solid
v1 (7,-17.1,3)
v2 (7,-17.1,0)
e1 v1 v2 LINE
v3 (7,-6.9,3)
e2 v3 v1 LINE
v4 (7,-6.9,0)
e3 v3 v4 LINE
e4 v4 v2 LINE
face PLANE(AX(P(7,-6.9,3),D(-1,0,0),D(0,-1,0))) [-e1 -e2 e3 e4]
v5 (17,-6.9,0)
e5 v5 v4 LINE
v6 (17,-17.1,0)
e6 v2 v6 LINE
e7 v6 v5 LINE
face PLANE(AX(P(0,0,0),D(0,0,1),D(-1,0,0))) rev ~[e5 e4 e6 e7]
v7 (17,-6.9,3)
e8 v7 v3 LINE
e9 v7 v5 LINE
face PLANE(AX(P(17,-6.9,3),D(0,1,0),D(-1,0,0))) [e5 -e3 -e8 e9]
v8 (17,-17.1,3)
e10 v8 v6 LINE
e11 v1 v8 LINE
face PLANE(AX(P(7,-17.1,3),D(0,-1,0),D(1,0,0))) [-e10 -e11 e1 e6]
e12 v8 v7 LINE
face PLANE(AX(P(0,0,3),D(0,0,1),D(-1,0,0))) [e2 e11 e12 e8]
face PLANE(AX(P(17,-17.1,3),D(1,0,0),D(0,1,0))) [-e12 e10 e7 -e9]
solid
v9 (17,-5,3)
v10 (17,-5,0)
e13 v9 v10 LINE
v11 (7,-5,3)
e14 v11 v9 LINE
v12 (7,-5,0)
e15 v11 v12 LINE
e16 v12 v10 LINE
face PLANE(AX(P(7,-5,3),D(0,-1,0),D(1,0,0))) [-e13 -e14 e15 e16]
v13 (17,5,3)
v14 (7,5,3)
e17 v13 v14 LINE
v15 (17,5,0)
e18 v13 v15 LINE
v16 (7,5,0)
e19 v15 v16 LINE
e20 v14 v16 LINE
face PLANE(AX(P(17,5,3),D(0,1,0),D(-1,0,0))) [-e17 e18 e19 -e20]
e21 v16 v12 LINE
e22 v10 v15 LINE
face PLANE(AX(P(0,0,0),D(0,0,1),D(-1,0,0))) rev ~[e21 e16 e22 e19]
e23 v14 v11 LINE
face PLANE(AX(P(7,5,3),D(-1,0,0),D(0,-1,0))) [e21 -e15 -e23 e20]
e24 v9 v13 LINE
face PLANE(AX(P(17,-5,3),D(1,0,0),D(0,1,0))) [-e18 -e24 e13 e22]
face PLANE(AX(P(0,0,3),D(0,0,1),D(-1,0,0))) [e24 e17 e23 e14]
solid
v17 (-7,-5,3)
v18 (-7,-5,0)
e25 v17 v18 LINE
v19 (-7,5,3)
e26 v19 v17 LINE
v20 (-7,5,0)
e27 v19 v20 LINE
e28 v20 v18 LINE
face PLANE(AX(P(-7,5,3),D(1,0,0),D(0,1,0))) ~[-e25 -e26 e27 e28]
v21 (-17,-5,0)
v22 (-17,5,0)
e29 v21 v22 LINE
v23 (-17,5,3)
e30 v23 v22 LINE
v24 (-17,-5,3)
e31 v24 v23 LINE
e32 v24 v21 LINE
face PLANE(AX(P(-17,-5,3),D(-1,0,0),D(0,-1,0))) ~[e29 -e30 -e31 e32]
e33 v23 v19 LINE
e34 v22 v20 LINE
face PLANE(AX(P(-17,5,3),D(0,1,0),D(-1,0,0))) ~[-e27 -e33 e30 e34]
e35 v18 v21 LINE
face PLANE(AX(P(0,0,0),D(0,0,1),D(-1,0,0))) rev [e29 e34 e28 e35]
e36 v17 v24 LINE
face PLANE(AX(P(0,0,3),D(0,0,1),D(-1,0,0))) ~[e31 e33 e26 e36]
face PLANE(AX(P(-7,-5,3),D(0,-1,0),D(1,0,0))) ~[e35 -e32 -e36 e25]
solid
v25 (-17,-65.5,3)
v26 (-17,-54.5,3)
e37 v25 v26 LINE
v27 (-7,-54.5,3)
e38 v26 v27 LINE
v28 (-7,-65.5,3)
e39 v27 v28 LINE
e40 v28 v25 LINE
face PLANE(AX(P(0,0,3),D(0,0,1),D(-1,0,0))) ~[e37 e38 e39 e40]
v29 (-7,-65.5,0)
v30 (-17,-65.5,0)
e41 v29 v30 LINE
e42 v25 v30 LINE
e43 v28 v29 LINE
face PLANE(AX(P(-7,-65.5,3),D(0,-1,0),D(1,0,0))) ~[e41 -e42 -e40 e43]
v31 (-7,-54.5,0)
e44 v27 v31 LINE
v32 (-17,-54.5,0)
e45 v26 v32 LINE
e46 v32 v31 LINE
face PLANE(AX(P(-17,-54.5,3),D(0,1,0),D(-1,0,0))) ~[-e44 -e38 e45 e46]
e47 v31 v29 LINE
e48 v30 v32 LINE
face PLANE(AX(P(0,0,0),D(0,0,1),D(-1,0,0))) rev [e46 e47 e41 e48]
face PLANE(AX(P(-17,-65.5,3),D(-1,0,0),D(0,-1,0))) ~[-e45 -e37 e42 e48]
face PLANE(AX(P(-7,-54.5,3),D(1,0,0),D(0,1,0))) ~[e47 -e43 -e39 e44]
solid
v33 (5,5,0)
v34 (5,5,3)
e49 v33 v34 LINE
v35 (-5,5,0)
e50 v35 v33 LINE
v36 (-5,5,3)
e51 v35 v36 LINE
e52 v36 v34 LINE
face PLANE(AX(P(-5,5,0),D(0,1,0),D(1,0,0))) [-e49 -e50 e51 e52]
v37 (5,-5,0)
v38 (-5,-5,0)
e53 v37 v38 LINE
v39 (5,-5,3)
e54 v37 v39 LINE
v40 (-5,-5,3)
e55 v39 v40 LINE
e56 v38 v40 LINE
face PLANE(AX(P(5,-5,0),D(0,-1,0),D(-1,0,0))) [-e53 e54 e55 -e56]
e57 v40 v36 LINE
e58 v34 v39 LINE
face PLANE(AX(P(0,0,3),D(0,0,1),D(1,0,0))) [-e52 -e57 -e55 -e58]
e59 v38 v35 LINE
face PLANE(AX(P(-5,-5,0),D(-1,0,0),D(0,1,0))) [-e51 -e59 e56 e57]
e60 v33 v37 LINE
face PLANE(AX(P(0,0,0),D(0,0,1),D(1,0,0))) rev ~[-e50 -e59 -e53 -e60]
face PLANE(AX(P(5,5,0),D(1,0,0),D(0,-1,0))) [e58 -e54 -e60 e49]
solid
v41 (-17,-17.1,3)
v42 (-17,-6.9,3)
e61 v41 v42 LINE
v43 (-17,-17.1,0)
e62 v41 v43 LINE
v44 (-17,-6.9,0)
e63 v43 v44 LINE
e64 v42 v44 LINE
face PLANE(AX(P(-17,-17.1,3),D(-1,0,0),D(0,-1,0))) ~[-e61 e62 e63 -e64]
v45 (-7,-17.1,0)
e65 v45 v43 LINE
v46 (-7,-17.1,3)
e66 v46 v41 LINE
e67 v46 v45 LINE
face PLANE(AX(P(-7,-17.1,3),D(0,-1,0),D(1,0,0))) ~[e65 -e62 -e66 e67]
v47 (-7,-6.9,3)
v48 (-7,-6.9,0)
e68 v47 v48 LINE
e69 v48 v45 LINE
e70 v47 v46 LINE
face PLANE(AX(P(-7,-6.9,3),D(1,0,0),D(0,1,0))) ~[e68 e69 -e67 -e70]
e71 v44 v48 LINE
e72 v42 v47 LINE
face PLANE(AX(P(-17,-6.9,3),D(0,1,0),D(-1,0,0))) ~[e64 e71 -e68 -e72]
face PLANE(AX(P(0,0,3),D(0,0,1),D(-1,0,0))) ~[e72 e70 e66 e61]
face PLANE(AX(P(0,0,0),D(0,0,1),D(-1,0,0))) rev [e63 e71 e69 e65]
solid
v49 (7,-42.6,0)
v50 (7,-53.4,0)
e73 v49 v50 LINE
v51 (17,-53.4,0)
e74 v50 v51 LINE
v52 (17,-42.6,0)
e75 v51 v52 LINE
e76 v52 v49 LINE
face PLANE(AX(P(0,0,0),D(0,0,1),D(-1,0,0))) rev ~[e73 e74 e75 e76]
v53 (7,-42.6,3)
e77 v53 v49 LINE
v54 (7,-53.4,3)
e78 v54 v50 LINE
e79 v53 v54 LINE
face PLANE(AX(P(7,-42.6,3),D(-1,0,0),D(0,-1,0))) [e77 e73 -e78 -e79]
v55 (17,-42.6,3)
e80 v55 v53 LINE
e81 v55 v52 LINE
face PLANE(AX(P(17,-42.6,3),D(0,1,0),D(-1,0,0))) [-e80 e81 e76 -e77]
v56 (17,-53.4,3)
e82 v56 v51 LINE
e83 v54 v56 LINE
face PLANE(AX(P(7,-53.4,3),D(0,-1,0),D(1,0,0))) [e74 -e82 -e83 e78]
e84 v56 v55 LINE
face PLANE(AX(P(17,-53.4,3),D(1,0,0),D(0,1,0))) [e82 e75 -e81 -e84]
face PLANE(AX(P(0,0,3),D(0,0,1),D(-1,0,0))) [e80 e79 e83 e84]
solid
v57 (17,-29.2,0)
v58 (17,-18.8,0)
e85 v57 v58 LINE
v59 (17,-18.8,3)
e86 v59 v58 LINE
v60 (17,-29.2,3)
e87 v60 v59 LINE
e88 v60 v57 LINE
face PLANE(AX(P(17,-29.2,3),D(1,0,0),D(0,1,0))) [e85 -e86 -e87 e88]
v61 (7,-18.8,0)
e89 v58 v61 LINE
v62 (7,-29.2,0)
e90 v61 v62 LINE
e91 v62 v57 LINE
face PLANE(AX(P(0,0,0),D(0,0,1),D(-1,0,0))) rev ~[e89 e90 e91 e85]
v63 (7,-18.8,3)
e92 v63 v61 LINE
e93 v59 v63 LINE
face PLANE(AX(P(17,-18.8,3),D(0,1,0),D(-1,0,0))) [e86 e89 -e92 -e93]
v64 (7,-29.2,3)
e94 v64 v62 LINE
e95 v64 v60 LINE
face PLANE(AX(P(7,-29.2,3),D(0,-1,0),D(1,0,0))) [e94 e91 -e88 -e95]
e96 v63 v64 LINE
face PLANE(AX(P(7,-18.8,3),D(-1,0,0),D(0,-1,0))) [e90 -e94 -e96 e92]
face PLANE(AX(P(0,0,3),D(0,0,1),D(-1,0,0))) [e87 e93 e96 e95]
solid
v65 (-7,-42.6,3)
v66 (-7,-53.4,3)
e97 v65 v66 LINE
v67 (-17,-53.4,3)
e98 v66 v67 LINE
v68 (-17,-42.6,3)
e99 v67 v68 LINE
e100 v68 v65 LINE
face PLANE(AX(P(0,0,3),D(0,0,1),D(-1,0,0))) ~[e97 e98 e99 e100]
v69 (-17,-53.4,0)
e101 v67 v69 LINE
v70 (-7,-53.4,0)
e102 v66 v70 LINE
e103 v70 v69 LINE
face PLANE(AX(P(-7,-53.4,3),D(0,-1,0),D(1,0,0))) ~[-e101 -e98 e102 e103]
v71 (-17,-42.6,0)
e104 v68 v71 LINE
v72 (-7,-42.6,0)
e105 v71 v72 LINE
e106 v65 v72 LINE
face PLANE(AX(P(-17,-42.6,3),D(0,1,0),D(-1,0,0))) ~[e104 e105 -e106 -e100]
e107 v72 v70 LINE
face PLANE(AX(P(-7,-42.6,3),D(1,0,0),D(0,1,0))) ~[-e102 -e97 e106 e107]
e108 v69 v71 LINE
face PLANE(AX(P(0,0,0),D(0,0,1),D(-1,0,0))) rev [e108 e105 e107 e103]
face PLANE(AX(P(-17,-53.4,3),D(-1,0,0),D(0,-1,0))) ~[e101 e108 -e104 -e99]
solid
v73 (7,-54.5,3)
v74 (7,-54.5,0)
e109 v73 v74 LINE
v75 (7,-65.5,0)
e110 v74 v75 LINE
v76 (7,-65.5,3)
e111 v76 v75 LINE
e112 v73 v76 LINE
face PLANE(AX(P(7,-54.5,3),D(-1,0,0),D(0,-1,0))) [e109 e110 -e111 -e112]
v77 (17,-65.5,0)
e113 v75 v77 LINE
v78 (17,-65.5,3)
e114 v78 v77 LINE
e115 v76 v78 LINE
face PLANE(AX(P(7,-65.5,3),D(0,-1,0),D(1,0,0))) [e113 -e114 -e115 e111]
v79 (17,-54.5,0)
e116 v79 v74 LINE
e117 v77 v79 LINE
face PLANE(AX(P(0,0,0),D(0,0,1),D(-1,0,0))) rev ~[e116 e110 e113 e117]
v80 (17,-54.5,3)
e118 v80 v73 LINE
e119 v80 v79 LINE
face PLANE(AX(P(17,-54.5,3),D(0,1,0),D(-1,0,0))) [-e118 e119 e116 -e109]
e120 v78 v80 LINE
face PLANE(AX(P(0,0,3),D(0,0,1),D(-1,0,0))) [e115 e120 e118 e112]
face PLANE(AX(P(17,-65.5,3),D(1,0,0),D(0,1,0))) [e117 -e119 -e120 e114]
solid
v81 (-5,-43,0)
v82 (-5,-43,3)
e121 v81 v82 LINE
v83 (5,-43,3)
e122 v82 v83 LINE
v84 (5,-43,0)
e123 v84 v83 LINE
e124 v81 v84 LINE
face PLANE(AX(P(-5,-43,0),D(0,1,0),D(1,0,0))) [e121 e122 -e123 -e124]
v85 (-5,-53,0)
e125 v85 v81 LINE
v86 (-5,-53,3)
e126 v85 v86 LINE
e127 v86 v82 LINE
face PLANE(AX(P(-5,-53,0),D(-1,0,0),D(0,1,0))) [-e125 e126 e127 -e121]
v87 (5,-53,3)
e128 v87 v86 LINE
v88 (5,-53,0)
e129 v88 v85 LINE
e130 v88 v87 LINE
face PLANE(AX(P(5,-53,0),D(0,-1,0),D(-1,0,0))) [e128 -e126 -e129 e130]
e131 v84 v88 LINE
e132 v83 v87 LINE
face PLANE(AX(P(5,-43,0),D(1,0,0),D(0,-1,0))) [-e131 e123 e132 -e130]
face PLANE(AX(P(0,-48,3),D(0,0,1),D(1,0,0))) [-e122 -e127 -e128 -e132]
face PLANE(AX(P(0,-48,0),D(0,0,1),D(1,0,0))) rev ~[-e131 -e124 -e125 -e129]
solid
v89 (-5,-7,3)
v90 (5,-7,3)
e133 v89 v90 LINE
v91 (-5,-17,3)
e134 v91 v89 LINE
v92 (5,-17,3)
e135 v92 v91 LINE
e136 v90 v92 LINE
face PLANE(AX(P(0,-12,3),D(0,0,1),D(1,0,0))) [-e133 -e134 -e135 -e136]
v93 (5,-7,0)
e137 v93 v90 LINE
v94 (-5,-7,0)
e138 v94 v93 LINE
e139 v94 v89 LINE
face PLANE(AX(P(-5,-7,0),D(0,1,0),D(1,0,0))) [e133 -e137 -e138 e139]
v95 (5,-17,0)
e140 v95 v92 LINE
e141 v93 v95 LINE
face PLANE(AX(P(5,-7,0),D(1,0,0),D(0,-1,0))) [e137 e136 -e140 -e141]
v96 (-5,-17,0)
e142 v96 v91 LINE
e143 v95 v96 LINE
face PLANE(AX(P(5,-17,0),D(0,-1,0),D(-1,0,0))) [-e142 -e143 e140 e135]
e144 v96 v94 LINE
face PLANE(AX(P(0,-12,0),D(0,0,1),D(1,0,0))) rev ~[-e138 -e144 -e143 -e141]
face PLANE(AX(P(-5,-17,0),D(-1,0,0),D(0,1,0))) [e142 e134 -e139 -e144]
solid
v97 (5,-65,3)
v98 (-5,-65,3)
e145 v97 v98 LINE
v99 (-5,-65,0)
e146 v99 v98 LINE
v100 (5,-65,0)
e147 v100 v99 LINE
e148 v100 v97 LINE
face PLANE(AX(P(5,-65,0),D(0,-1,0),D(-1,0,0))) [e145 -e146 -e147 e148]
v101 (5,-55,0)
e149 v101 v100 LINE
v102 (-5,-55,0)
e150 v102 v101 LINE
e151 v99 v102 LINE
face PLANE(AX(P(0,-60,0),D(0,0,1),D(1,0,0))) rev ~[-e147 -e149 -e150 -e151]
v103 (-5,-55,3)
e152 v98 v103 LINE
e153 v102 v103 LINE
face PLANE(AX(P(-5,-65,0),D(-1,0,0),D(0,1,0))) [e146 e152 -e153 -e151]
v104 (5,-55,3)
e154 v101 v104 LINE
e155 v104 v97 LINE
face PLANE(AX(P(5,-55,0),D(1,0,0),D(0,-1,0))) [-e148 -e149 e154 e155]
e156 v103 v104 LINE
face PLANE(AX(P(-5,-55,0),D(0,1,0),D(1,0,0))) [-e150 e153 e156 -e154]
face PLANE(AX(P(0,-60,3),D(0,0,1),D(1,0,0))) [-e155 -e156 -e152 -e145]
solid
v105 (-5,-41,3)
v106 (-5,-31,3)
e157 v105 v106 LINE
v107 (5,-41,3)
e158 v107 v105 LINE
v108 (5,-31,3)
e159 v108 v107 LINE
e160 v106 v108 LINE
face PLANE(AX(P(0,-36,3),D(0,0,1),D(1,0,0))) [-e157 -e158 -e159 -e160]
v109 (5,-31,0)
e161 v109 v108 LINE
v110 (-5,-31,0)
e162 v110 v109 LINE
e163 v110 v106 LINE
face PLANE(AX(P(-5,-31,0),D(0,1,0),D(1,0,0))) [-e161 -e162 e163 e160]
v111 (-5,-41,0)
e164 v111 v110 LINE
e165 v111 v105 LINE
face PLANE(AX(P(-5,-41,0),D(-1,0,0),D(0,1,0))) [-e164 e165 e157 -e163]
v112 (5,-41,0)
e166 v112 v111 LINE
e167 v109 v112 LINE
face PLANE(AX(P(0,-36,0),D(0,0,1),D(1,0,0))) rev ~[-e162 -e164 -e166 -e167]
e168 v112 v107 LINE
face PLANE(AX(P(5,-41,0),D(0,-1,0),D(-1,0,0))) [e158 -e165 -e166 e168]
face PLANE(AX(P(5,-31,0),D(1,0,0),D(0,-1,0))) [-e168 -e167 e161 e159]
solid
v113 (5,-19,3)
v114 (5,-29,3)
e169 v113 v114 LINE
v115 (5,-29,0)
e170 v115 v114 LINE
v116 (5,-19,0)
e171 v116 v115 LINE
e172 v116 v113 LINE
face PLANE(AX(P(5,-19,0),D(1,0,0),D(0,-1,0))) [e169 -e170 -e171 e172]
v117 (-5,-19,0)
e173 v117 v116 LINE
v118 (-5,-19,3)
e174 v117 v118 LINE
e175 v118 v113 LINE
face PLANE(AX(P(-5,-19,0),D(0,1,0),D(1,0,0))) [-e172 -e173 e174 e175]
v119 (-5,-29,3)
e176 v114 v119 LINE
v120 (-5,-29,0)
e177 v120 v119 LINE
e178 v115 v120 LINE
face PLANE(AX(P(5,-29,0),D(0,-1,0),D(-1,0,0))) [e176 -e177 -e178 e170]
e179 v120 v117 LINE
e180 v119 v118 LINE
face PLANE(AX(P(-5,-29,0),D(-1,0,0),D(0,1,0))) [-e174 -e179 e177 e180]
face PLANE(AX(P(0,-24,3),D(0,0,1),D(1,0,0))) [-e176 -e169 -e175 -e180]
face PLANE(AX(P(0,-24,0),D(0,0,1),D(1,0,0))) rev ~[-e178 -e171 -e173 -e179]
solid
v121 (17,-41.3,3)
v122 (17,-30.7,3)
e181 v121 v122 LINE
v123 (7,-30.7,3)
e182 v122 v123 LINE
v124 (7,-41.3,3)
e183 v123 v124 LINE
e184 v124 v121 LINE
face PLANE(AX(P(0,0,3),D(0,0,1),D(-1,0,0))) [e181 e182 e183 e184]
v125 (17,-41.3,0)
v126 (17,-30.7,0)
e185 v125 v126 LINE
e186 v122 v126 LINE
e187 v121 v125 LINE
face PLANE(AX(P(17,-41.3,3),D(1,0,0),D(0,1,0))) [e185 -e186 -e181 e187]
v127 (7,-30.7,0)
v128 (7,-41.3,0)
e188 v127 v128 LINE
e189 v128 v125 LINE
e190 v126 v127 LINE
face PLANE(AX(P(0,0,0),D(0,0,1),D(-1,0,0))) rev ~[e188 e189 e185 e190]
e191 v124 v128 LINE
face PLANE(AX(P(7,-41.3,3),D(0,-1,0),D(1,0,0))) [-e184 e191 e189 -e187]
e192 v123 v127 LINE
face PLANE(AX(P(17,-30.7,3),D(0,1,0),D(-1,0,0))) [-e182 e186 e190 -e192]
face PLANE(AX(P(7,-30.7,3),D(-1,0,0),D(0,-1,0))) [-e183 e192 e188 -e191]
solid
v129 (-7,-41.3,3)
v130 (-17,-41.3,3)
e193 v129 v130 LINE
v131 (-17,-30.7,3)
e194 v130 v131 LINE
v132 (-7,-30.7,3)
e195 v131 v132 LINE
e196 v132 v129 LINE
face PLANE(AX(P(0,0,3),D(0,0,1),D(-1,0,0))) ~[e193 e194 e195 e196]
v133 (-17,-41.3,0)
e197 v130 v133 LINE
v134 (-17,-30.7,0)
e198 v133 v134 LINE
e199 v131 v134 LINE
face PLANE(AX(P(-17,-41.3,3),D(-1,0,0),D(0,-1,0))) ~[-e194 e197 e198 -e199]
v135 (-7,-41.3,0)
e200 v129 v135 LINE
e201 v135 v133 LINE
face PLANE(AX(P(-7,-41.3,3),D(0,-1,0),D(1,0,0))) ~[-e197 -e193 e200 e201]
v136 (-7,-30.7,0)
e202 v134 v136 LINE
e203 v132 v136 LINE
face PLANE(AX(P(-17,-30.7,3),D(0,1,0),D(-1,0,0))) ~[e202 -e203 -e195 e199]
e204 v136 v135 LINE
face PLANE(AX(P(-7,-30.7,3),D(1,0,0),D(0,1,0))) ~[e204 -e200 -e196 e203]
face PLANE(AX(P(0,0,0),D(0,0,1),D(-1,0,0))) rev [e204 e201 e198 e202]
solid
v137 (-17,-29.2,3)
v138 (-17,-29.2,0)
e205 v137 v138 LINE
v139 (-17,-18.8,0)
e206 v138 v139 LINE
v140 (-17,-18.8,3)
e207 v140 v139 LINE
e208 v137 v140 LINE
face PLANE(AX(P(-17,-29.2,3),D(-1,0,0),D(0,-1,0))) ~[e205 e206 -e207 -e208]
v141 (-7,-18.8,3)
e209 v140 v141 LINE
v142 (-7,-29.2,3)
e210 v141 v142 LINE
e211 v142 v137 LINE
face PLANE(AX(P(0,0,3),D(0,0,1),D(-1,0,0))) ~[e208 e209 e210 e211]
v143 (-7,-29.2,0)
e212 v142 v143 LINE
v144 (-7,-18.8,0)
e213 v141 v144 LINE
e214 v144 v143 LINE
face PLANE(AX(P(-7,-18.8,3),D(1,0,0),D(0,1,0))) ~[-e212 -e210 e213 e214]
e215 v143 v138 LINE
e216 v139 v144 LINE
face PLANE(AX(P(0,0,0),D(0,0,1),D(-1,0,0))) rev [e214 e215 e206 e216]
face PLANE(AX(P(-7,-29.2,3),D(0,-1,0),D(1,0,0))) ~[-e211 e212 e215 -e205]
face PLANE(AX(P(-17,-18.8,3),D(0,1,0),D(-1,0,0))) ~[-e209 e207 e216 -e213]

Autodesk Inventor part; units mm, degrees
ref_plane "YZ Plane" through (0, 0, 0) normal (1, 0, 0) x (0, 1, 0)
ref_plane "XZ Plane" through (0, 0, 0) normal (0, 1, 0) x (-1, 0, 0)
ref_plane "XY Plane" through (0, 0, 0) normal (0, 0, 1) x (1, 0, 0)
sketch "Sketch1" plane through (0, 0, 0) normal (0, 0, 1) x (1, 0, 0)
  line L0 (5, -5) -> (-5, -5)
  line L1 (-5, -5) -> (-5, 5)
  line L2 (-5, 5) -> (5, 5)
  line L3 (5, 5) -> (5, -5)
  line L4 (5, -5) -> (-5, 5) construction
  line L5 (-5, -5) -> (5, 5) construction
  point P0 (0, 0)
  dimension "d0" = 10
  dimension "d2" = 10
extrude "Extrusion1" add sketch "Sketch1" along normal blind 3
pattern_linear "Rectangular Pattern1" count 6 spacing 12 along (0, -1, 0) of "Extrusion1"
sketch "Sketch2" plane through (0, 0, 3) normal (0, 0, 1) x (-1, 0, 0)
  line L0 (-17, -5) -> (-7, -5)
  line L1 (-7, -5) -> (-7, 5)
  line L2 (-7, 5) -> (-17, 5)
  line L3 (-17, 5) -> (-17, -5)
  line L4 (-17, -5) -> (-7, 5) construction
  line L5 (-7, -5) -> (-17, 5) construction
  line L6 (5, 17) -> (-5, 17) construction
  line L7 (-5, 17) -> (-5, 7) construction
  line L8 (-5, 7) -> (5, 7) construction
  line L9 (5, 7) -> (5, 17) construction
  line L10 (5, 29) -> (-5, 29) construction
  line L11 (-5, 29) -> (-5, 19) construction
  line L12 (-5, 19) -> (5, 19) construction
  line L13 (5, 19) -> (5, 29) construction
  line L14 (5, 41) -> (-5, 41) construction
  line L15 (-5, 41) -> (-5, 31) construction
  line L16 (-5, 31) -> (5, 31) construction
  line L17 (5, 31) -> (5, 41) construction
  line L18 (5, 53) -> (-5, 53) construction
  line L19 (-5, 53) -> (-5, 43) construction
  line L20 (-5, 43) -> (5, 43) construction
  line L21 (5, 43) -> (5, 53) construction
  line L22 (5, 65) -> (-5, 65) construction
  line L23 (-5, 65) -> (-5, 55) construction
  line L24 (-5, 55) -> (5, 55) construction
  line L25 (5, 55) -> (5, 65) construction
  line L26 (-7, 17.1) -> (-17, 17.1)
  line L27 (-17, 17.1) -> (-17, 6.9)
  line L28 (-17, 6.9) -> (-7, 6.9)
  line L29 (-7, 6.9) -> (-7, 17.1)
  line L30 (-7, 17.1) -> (-17, 6.9) construction
  line L31 (-17, 17.1) -> (-7, 6.9) construction
  line L32 (-7, 29.2) -> (-17, 29.2)
  line L33 (-17, 29.2) -> (-17, 18.8)
  line L34 (-17, 18.8) -> (-7, 18.8)
  line L35 (-7, 18.8) -> (-7, 29.2)
  line L36 (-7, 29.2) -> (-17, 18.8) construction
  line L37 (-17, 29.2) -> (-7, 18.8) construction
  line L38 (-7, 41.3) -> (-17, 41.3)
  line L39 (-17, 41.3) -> (-17, 30.7)
  line L40 (-17, 30.7) -> (-7, 30.7)
  line L41 (-7, 30.7) -> (-7, 41.3)
  line L42 (-7, 41.3) -> (-17, 30.7) construction
  line L43 (-17, 41.3) -> (-7, 30.7) construction
  line L44 (-7, 53.4) -> (-17, 53.4)
  line L45 (-17, 53.4) -> (-17, 42.6)
  line L46 (-17, 42.6) -> (-7, 42.6)
  line L47 (-7, 42.6) -> (-7, 53.4)
  line L48 (-7, 53.4) -> (-17, 42.6) construction
  line L49 (-17, 53.4) -> (-7, 42.6) construction
  line L50 (-7, 65.5) -> (-17, 65.5)
  line L51 (-17, 65.5) -> (-17, 54.5)
  line L52 (-17, 54.5) -> (-7, 54.5)
  line L53 (-7, 54.5) -> (-7, 65.5)
  line L54 (-7, 65.5) -> (-17, 54.5) construction
  line L55 (-17, 65.5) -> (-7, 54.5) construction
  line L56 (-5, 12) -> (4.1191, 12) construction
  line L57 (-5, 24) -> (3.6782, 24) construction
  line L58 (-5, 36) -> (3.6782, 36) construction
  line L59 (-5, 48) -> (0, 48) construction
  line L60 (-5, 60) -> (2.1339, 60) construction
  point P0 (0, 0)
  point P1 (-12, 0)
  dimension "d8" = 12
  dimension "d10" = 10
  dimension "d11" = 10
  dimension "d12" = 10.2
  dimension "d13" = 5.1
  dimension "d14" = 10.4
  dimension "d15" = 5.2
  dimension "d16" = 5.3
  dimension "d17" = 5.4
  dimension "d18" = 10.6
  dimension "d19" = 10.8
  dimension "d20" = 11
  dimension "d21" = 5.5
extrude "Extrusion2" add sketch "Sketch2" against normal blind 3
ref_plane "Work Plane1" through (0, -5, 0) normal (1, 0, 0) x (0, 1, 0)
mirror "Mirror1" about plane through (0, -5, 0) normal (1, 0, 0) of "Extrusion2"
sketch "Sketch3" plane through (-17, 5, 3) normal (0, 0, 1) x (1, 0, 0)
  line L0 (0, 0) -> (10, 0) projected
  line L1 (0, -10) -> (0, 0) projected
  line L2 (10, -10) -> (0, -10) projected
  line L3 (10, 0) -> (10, -10) projected
  line L4 (10, -70.5) -> (0, -70.5) projected
  line L5 (10, -59.5) -> (10, -70.5) projected
  line L6 (0, -59.5) -> (10, -59.5) projected
  line L7 (0, -70.5) -> (0, -59.5) projected
  line L8 (0, 0) -> (10, 0)
  line L9 (10, 0) -> (10, -70.5)
  line L10 (10, -70.5) -> (0, -70.5)
  line L11 (0, -70.5) -> (0, 0)
  point P0 (17, -5)
extrude "Extrusion3" [suppressed]
sketch "Sketch4" plane through (0, 0, 3) normal (0, 0, 1) x (1, 0, 0)
  line L0 (17, 5) -> (7, 5) projected
  line L1 (7, 5) -> (7, -5) projected
  line L2 (7, -5) -> (17, -5) projected
  line L3 (17, -5) -> (17, 5) projected
  line L4 (7, 5) -> (17, 5)
  line L5 (17, 5) -> (17, -65.5)
  line L6 (17, -65.5) -> (7, -65.5)
  line L7 (7, -65.5) -> (7, 5)
  point P0 (0, 0)
extrude "Extrusion4" [suppressed]
sketch "Sketch5" plane through (-5, -65, 3) normal (0, 0, 1) x (1, 0, 0)
  line L0 (0, 60) -> (10, 60) projected
  line L1 (10, 60) -> (10, 70) projected
  line L2 (10, 70) -> (0, 70) projected
  line L3 (0, 70) -> (0, 60) projected
  line L4 (0, 70) -> (10, 70)
  line L5 (10, 70) -> (10, 0)
  line L6 (10, 0) -> (0, 0)
  line L7 (0, 0) -> (0, 70)
  point P0 (5, 65)
extrude "Extrusion5" [suppressed]
properties part number "Calibration"
